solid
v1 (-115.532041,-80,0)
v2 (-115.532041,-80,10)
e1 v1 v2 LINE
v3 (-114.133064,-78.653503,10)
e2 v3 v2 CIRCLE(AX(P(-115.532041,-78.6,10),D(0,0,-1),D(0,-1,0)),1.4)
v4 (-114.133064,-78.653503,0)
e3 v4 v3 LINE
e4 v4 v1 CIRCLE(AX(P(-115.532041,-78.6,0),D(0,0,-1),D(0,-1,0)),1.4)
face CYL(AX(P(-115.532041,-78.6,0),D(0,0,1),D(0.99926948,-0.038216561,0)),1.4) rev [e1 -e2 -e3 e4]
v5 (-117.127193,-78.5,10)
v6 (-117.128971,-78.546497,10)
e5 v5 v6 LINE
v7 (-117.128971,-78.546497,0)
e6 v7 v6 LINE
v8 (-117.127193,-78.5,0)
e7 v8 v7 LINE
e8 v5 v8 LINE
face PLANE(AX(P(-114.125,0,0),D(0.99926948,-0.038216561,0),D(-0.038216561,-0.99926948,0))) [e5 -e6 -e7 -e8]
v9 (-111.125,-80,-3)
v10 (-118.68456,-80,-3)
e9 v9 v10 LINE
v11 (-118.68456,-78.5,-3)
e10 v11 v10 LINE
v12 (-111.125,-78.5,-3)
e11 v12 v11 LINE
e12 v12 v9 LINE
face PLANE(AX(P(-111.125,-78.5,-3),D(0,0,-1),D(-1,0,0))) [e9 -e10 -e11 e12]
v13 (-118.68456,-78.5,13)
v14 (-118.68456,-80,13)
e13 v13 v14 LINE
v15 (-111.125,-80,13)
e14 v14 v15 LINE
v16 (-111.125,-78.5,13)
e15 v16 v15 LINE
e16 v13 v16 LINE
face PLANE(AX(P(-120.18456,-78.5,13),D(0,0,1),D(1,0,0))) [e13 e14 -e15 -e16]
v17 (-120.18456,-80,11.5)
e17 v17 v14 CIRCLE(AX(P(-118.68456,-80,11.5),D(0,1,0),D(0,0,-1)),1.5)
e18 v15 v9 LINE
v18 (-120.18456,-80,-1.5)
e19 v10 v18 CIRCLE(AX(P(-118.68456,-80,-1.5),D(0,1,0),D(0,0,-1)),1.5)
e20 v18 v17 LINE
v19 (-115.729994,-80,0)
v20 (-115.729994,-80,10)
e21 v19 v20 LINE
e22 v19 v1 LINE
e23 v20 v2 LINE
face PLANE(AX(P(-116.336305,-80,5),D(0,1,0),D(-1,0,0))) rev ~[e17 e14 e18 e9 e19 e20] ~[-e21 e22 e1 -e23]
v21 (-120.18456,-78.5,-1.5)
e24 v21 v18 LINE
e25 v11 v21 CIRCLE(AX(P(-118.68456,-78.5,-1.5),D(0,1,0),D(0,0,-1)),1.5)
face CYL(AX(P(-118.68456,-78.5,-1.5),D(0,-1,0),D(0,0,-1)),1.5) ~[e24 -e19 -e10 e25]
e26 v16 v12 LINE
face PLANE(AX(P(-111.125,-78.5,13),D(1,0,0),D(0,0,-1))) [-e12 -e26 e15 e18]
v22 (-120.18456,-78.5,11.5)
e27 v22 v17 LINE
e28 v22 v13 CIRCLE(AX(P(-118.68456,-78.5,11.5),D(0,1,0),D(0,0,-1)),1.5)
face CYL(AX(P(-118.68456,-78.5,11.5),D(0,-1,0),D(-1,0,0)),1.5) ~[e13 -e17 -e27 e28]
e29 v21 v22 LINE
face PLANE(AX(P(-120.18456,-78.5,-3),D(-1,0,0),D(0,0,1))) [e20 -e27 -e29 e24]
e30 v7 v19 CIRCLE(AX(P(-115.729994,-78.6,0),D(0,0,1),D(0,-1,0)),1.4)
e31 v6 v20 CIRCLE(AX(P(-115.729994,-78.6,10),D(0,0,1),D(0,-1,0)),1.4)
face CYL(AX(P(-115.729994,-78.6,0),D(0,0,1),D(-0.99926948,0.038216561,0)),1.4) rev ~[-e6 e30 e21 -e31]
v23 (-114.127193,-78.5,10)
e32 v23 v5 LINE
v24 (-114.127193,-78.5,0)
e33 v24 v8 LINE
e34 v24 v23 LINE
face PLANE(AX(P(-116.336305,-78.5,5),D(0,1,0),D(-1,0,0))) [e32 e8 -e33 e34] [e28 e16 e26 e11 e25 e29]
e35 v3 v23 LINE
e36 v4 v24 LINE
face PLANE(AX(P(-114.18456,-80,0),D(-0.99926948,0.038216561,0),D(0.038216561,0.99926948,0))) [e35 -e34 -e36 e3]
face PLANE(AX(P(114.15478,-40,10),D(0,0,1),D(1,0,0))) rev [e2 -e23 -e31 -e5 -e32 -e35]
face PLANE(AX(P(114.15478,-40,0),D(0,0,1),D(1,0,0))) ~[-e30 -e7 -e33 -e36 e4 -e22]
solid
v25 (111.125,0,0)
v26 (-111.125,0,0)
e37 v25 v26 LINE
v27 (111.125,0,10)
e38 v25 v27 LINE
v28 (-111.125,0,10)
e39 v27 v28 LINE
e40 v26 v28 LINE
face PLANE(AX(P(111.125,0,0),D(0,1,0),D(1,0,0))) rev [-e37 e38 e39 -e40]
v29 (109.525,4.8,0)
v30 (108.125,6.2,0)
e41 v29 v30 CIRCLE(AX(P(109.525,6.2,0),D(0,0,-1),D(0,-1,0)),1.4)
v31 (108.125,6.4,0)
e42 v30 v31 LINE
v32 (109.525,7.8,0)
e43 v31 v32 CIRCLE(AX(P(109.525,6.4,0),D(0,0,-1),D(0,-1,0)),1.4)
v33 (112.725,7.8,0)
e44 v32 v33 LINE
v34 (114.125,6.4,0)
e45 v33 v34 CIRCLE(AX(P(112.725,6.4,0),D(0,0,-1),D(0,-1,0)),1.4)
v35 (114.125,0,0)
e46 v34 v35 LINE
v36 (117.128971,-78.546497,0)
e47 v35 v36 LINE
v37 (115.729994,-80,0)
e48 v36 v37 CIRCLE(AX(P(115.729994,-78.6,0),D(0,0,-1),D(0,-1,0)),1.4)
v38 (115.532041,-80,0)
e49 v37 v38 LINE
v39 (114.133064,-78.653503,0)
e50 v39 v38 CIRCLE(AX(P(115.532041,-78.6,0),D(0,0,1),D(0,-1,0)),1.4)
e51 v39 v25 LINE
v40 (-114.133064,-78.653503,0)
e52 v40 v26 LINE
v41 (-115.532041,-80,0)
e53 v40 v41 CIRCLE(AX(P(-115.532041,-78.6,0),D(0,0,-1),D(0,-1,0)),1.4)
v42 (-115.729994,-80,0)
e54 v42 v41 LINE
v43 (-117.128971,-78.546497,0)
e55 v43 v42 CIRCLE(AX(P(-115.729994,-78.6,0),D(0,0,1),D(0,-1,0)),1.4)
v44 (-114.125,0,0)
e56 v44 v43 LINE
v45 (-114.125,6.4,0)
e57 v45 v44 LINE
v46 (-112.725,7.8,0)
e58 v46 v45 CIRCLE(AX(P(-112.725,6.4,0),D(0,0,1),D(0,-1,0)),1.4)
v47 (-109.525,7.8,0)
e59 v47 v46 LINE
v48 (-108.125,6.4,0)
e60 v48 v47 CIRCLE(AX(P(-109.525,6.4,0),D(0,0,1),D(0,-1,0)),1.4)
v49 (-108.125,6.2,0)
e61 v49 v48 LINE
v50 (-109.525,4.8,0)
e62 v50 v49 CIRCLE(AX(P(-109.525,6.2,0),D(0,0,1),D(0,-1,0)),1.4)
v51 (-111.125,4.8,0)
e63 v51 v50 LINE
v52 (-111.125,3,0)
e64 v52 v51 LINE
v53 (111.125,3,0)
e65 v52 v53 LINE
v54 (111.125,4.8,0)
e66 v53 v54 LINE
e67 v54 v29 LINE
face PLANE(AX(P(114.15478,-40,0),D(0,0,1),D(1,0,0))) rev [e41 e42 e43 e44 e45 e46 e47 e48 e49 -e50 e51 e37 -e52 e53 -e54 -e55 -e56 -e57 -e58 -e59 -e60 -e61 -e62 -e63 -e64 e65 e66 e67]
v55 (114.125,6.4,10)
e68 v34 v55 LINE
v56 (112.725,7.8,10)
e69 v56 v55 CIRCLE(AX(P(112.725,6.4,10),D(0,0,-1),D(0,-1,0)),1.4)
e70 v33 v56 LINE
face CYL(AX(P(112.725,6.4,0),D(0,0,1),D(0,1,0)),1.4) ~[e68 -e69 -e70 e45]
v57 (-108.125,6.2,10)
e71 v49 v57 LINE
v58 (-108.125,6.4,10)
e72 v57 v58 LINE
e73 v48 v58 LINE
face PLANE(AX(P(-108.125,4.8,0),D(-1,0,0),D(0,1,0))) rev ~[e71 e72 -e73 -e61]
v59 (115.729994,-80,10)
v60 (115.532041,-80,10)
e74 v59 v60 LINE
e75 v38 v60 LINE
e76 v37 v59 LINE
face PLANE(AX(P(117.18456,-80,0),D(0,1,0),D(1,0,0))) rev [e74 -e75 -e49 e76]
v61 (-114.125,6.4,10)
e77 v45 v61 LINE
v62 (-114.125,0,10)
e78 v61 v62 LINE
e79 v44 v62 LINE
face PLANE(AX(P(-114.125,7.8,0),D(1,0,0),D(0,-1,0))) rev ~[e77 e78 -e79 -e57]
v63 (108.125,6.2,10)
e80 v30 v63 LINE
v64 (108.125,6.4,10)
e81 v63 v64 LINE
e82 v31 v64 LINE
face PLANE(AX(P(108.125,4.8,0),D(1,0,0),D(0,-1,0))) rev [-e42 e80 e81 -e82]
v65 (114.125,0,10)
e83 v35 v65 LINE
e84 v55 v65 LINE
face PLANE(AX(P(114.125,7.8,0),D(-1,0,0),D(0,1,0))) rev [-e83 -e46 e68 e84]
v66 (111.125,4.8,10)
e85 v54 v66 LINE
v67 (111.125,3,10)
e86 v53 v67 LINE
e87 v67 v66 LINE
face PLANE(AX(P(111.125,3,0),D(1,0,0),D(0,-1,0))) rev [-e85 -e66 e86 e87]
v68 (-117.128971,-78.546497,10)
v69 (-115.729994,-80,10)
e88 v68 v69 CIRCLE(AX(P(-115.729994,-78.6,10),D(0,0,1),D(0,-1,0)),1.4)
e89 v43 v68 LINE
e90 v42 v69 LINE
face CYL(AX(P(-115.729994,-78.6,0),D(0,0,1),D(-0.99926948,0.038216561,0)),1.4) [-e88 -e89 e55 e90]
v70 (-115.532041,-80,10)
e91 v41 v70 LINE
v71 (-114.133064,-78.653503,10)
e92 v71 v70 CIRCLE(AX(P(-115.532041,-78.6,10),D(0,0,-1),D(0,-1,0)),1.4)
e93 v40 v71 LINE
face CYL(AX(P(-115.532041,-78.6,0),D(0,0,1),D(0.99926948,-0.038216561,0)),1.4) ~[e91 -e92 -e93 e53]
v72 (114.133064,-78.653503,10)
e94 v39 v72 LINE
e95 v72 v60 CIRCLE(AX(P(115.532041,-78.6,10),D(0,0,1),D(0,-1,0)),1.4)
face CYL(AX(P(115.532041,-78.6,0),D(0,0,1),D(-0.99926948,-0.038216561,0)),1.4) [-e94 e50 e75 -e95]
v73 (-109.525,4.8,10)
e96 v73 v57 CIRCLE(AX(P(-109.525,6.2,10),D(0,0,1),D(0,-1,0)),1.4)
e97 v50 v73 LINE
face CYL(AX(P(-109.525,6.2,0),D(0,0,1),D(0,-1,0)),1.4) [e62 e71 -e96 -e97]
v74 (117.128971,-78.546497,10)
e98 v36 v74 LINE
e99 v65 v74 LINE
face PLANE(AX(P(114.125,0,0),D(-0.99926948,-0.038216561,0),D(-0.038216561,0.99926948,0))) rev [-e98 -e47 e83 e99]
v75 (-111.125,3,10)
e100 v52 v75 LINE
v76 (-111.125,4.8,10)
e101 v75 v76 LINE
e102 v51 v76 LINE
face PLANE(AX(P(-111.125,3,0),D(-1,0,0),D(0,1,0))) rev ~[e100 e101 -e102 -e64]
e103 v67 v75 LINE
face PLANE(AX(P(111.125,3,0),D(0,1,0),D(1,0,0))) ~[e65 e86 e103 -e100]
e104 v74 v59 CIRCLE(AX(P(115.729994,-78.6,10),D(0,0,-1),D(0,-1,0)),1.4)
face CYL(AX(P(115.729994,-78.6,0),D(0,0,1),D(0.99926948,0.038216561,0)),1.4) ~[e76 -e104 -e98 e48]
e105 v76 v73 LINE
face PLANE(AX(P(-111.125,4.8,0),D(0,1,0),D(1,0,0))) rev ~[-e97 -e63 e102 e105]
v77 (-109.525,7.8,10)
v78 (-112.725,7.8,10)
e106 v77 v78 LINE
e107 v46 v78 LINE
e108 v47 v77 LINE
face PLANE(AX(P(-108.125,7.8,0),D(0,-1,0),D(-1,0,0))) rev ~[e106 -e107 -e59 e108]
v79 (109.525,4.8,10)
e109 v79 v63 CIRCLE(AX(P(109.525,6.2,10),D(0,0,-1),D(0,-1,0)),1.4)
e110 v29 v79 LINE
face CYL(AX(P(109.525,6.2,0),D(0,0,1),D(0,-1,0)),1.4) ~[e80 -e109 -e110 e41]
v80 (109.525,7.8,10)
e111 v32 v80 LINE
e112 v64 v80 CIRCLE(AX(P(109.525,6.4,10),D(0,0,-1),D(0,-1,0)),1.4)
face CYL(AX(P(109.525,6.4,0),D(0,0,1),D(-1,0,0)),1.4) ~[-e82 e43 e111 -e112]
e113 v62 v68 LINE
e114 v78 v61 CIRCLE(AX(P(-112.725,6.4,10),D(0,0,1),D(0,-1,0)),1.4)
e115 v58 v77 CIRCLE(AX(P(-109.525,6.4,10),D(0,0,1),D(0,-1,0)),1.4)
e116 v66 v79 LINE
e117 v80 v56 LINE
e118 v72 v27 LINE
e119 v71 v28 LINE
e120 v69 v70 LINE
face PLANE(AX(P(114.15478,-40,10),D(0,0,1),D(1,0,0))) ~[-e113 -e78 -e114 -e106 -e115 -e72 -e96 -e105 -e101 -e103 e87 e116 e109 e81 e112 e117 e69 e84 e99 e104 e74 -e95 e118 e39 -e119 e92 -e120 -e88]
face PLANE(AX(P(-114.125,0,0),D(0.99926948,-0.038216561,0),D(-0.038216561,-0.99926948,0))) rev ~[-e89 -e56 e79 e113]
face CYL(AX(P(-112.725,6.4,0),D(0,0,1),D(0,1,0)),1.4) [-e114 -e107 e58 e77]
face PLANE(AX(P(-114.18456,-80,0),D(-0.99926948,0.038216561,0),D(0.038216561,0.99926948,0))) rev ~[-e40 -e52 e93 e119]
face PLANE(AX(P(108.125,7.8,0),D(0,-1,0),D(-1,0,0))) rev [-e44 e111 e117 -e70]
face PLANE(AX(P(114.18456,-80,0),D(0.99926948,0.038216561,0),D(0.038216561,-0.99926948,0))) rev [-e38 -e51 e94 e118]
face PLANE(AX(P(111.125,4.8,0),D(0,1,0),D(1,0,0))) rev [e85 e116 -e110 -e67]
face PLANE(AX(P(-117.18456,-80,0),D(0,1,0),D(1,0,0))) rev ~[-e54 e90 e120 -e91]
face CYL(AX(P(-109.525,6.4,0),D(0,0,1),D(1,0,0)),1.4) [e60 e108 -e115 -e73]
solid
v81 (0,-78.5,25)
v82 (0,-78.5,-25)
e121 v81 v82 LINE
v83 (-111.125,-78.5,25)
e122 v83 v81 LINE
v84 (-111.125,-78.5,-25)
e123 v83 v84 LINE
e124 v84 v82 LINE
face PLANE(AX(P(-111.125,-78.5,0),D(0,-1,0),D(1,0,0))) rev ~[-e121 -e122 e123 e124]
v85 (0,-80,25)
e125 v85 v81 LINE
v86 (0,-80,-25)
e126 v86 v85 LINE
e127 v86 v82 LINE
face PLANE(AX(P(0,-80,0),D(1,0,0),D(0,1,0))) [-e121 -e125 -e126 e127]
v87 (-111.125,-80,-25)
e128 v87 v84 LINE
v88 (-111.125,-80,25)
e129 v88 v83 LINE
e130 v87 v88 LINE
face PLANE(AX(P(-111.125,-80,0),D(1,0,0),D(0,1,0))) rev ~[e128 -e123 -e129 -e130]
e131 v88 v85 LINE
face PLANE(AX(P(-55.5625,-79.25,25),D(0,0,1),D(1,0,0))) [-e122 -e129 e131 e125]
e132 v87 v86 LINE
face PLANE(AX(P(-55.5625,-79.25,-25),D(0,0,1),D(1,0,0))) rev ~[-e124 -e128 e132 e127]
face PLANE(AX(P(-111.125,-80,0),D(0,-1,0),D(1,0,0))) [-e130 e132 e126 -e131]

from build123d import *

# Parameters (mm, degrees)
F2_W     = 111.125
F2_H     = 3
F3_DEPTH = 10
F4_R     = 1.4
F2_H_2   = 1.5
F6_DEPTH = 25
F8_DEPTH = 1.5
F10_R    = 1.5


with BuildPart() as f3:
    # F2 (on Top) → F3 (new body)
    with BuildSketch(Plane.XY):
        Polygon((-114.1845599092, -80), (-111.125, 0), (-114.125, 0), (-117.1845599092, -80), align=None)
        Polygon((-114.125, 0), (-111.125, 0), (-111.125, 3), (-111.125, 4.8), (-108.125, 4.8), (-108.125, 7.8), (-114.125, 7.8), align=None)
        with Locations((-55.5625, 1.5)):
            Rectangle(F2_W, F2_H)
    extrude(amount=F3_DEPTH)

    # F4
    f4_edges = [f3.edges().sort_by_distance(p)[0] for p in [
        (-117.18456, -80, 5),
        (-114.18456, -80, 5),
        (-108.125, 7.8, 5),
        (-108.125, 4.8, 5),
        (-114.125, 7.8, 5),
    ]]
    fillet(f4_edges, radius=F4_R)

    # F5: F3 across face


with BuildPart() as f3_1:
    add(f3.part)
    add(f3.part.mirror(Plane(origin=(0, 1.5, 5), x_dir=(0, 1, 0), z_dir=(1, 0, 0))))


with BuildPart() as f6:
    # F2 (on Top) → F6 (new body, symmetric)
    with BuildSketch(Plane.XY):
        with Locations((-55.5625, -79.25)):
            Rectangle(F2_W, F2_H_2)
    extrude(amount=F6_DEPTH, both=True)


with BuildPart() as f8:
    # F7 (on face) → F8 (new body, through all)
    with BuildSketch(Plane(origin=(0, -78.5, 0), x_dir=(-1, 0, 0), z_dir=(0, 1, 0))):
        Polygon((114.1330638133, 10), (117.1289714083, 10), (117.1845599092, 10), (117.1845599092, 0), (114.1845599092, 0), (114.125, 0), (111.125, 0), (111.125, -3), (120.1845599092, -3), (120.1845599092, 13), (111.125, 13), (111.125, 10), (114.125, 10), align=None)
        Polygon((117.1845599092, 10), (117.1289714083, 10), (114.1330638133, 10), (114.125, 10), (111.125, 10), (111.125, 0), (114.125, 0), (114.1845599092, 0), (117.1845599092, 0), align=None)
    extrude(amount=-F8_DEPTH)

    # F9: cut F3
    add(f3_1.part, mode=Mode.SUBTRACT)

    # F10
    f10_edges = [f8.edges().sort_by_distance(p)[0] for p in [
        (-120.18456, -79.25, 13),
        (-120.18456, -79.25, -3),
    ]]
    fillet(f10_edges, radius=F10_R)


solid = Compound([f3_1.part, f6.part, f8.part])
